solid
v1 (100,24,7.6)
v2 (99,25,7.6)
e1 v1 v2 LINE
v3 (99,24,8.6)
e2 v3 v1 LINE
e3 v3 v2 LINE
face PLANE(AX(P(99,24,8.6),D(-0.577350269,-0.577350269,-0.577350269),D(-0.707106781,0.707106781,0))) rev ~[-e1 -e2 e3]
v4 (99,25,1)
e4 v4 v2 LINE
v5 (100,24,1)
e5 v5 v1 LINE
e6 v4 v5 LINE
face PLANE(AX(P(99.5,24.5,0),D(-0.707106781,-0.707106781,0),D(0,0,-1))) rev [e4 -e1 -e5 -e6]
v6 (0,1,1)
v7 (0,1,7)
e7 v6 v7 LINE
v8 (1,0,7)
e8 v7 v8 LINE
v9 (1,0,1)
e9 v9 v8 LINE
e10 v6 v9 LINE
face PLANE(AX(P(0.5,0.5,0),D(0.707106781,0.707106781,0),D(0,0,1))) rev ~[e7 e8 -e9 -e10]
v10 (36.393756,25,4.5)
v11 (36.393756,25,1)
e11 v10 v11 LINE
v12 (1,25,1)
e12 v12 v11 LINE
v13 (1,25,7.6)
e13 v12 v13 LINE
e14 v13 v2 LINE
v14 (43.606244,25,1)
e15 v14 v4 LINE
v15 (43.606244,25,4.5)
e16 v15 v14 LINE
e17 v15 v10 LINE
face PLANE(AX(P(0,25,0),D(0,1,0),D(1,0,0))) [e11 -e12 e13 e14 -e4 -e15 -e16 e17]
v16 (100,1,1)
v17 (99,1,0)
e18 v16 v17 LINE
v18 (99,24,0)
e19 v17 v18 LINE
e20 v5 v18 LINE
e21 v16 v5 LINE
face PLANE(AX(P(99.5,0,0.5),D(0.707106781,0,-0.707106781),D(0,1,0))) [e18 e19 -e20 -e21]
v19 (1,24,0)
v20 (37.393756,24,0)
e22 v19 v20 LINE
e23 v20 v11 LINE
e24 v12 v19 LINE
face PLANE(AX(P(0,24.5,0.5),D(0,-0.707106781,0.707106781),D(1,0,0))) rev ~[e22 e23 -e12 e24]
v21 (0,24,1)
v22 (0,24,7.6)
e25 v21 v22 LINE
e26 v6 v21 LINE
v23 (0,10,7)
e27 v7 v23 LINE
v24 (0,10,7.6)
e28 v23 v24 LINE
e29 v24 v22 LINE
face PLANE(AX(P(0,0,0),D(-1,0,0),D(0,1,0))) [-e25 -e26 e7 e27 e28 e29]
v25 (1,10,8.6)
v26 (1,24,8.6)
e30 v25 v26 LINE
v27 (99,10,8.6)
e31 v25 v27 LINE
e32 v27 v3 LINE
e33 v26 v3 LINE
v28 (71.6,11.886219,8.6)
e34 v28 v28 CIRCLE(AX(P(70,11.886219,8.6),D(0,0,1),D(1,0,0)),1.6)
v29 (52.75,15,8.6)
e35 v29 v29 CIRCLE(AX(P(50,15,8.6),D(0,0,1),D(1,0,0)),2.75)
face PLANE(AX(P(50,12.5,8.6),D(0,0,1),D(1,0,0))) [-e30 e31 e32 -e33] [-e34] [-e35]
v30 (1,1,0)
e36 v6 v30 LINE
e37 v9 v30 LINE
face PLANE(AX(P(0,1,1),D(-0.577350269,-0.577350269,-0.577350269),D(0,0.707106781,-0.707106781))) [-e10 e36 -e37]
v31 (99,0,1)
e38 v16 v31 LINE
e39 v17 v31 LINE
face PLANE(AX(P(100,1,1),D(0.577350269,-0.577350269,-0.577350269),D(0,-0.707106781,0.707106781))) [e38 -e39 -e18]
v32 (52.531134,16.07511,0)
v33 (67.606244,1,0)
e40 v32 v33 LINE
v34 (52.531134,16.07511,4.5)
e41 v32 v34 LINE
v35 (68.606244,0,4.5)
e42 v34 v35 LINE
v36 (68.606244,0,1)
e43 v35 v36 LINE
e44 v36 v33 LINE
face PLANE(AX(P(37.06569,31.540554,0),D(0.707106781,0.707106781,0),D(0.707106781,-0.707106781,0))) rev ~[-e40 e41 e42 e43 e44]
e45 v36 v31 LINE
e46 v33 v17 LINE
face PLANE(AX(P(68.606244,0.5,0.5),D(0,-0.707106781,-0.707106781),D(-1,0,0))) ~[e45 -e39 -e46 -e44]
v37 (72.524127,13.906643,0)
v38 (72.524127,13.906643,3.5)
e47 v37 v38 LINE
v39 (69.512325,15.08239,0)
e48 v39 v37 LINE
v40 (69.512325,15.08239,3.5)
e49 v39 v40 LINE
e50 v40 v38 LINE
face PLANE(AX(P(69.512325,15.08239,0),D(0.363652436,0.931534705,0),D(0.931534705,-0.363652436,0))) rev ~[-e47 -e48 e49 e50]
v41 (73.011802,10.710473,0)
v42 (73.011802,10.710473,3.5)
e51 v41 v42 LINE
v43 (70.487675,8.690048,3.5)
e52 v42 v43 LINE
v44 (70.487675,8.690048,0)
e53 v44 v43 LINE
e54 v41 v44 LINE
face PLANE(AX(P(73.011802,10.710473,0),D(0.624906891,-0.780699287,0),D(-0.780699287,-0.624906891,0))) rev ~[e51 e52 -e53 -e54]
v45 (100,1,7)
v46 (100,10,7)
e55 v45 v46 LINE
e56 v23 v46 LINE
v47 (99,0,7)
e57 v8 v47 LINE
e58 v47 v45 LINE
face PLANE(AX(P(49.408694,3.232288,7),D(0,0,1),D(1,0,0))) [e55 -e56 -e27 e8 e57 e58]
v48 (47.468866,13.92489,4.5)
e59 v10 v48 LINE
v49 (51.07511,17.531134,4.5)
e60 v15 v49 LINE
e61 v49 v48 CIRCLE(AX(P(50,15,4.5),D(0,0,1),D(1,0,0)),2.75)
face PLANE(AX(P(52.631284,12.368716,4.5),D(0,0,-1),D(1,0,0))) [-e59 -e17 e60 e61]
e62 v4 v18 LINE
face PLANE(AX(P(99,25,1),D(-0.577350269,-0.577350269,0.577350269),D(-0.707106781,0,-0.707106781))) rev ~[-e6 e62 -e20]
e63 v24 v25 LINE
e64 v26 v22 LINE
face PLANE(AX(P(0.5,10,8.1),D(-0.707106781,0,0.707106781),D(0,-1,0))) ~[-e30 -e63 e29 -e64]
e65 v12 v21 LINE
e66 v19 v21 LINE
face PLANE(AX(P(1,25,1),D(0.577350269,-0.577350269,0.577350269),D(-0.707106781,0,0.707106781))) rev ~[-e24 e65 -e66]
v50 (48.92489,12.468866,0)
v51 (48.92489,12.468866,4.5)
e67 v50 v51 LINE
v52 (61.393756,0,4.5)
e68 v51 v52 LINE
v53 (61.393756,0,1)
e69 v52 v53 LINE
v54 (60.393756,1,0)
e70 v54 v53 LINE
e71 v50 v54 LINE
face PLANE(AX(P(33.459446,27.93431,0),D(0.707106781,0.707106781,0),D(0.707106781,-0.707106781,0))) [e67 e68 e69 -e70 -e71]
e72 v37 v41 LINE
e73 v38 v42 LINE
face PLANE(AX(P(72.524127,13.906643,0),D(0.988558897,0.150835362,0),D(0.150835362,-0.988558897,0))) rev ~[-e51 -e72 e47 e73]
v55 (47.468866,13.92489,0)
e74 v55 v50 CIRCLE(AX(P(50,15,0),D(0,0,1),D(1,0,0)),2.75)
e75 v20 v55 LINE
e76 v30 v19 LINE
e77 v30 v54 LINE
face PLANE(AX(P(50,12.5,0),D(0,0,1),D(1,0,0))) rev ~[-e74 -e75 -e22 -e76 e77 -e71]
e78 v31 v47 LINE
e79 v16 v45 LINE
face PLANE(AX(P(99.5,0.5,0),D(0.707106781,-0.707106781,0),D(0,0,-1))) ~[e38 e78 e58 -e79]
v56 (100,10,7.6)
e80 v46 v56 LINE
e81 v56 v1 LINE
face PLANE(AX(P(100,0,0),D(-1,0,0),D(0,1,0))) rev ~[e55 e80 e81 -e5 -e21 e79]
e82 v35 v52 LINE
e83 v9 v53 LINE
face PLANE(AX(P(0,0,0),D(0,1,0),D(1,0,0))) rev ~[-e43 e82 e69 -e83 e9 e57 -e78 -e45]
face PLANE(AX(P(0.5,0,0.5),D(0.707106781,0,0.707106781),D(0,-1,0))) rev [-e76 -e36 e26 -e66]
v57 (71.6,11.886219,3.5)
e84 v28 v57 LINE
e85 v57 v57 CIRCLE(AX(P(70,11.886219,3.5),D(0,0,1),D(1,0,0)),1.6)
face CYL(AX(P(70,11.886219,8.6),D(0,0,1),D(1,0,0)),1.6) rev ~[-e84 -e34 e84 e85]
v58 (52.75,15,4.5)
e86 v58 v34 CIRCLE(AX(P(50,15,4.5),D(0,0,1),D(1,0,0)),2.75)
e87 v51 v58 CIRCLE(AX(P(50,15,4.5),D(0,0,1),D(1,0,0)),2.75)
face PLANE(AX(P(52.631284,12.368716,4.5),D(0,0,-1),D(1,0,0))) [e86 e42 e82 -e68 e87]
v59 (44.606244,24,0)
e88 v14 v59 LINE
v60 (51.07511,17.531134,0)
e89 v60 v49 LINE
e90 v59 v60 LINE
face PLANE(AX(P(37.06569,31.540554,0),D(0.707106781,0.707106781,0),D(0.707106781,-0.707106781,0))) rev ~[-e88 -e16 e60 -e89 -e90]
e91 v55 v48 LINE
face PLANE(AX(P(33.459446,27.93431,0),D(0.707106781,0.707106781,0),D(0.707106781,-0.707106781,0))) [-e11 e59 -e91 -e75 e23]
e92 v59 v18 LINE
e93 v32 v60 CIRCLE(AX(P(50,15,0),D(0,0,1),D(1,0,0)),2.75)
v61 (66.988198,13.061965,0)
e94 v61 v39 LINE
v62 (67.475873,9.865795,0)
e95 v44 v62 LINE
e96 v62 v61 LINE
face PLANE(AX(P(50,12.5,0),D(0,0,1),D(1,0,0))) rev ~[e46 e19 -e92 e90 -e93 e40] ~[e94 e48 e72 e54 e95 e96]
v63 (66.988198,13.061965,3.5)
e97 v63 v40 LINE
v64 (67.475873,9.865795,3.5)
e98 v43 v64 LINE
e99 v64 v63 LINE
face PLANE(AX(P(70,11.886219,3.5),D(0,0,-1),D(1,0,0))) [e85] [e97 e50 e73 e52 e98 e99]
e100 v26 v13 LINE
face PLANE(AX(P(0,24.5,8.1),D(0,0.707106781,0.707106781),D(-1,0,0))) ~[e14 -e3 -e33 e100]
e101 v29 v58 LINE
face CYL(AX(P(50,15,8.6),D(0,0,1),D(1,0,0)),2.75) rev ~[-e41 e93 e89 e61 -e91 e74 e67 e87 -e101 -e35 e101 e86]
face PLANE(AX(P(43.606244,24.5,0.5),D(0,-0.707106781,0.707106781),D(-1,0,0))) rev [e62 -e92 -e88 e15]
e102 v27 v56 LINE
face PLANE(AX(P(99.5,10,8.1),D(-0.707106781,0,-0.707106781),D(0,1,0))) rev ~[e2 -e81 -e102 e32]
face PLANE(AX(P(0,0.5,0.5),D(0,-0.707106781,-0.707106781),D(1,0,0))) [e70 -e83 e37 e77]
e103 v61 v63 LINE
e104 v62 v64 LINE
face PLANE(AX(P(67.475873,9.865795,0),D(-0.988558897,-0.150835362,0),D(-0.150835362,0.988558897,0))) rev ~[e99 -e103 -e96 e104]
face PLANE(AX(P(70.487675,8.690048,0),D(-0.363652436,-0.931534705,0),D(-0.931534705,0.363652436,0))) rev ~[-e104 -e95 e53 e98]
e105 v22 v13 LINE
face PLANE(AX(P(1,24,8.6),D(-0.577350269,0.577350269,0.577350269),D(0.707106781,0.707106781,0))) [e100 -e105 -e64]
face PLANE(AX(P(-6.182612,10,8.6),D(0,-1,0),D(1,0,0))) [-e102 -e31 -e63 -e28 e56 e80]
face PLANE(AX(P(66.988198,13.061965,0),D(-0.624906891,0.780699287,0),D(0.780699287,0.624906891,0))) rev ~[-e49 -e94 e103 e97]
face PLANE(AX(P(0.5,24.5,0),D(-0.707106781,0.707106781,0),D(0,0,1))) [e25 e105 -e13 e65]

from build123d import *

# Parameters (mm, degrees)
SKETCH_W        = 100
SKETCH_H        = 25
PAD_DEPTH       = 8.6
SKETCH001_W     = 111.182612
SKETCH001_H     = 13.535424
POCKET_DEPTH    = 1.6
SKETCH002_R     = 2.75
POCKET001_DEPTH = 8.601
POCKET002_DEPTH = 4.5
SKETCH004_R     = 1.6
POCKET003_DEPTH = 8.601
POCKET004_DEPTH = 3.5
CHAMFER_SIZE    = 1


with BuildPart() as part:
    # Sketch → Pad (new body)
    with BuildSketch(Plane.XY):
        with Locations((50, 12.5)):
            Rectangle(SKETCH_W, SKETCH_H)
    extrude(amount=PAD_DEPTH)

    # Sketch001 → Pocket (cut)
    with BuildSketch(Plane.XY.offset(8.6)):
        with Locations((49.408694, 3.232288)):
            Rectangle(SKETCH001_W, SKETCH001_H)
    extrude(amount=-POCKET_DEPTH, mode=Mode.SUBTRACT)

    # Sketch002 → Pocket001 (cut, through all)
    with BuildSketch(Plane.XY.offset(8.6)):
        with Locations((50, 15)):
            Circle(SKETCH002_R)
    extrude(amount=-POCKET001_DEPTH, mode=Mode.SUBTRACT)

    # Sketch003 → Pocket002 (cut)
    with BuildSketch(Plane(origin=(0, 0, 0), x_dir=(1, 0, 0), z_dir=(0, 0, -1))):
        with BuildLine():
            ThreePointArc((33.459446, -27.93431), (33.459446, -31.540554), (37.06569, -31.540554))
            Line((37.06569, -31.540554), (71.803122, 3.196878))
            ThreePointArc((71.803122, 3.196878), (71.803122, 6.803122), (68.196878, 6.803122))
            Line((33.459446, -27.93431), (68.196878, 6.803122))
        make_face()
    extrude(amount=-POCKET002_DEPTH, mode=Mode.SUBTRACT)

    # Sketch004 → Pocket003 (cut, through all)
    with BuildSketch(Plane.XY.offset(8.6)):
        with Locations((70, 11.886219)):
            Circle(SKETCH004_R)
    extrude(amount=-POCKET003_DEPTH, mode=Mode.SUBTRACT)

    # Sketch005 → Pocket004 (cut)
    with BuildSketch(Plane(origin=(0, 0, 0), x_dir=(1, 0, 0), z_dir=(0, 0, -1))):
        Polygon((72.524127, -13.906643), (73.011802, -10.710473), (70.487675, -8.690048), (67.475873, -9.865795), (66.988198, -13.061965), (69.512325, -15.08239), align=None)
    extrude(amount=-POCKET004_DEPTH, mode=Mode.SUBTRACT)

    # Chamfer
    chamfer_edges = [part.edges().sort_by_distance(p)[0] for p in [
        (30.696878, 0, 0),
        (0, 0, 3.5),
        (0, 12.5, 0),
        (18.196878, 25, 0),
        (84.303122, 0, 0),
        (100, 12.5, 0),
        (100, 0, 3.5),
        (100, 25, 4.3),
        (71.803122, 25, 0),
        (100, 17.5, 8.6),
        (0, 25, 4.3),
        (0, 17.5, 8.6),
        (50, 25, 8.6),
    ]]
    chamfer(chamfer_edges, length=CHAMFER_SIZE)


solid = part.part
